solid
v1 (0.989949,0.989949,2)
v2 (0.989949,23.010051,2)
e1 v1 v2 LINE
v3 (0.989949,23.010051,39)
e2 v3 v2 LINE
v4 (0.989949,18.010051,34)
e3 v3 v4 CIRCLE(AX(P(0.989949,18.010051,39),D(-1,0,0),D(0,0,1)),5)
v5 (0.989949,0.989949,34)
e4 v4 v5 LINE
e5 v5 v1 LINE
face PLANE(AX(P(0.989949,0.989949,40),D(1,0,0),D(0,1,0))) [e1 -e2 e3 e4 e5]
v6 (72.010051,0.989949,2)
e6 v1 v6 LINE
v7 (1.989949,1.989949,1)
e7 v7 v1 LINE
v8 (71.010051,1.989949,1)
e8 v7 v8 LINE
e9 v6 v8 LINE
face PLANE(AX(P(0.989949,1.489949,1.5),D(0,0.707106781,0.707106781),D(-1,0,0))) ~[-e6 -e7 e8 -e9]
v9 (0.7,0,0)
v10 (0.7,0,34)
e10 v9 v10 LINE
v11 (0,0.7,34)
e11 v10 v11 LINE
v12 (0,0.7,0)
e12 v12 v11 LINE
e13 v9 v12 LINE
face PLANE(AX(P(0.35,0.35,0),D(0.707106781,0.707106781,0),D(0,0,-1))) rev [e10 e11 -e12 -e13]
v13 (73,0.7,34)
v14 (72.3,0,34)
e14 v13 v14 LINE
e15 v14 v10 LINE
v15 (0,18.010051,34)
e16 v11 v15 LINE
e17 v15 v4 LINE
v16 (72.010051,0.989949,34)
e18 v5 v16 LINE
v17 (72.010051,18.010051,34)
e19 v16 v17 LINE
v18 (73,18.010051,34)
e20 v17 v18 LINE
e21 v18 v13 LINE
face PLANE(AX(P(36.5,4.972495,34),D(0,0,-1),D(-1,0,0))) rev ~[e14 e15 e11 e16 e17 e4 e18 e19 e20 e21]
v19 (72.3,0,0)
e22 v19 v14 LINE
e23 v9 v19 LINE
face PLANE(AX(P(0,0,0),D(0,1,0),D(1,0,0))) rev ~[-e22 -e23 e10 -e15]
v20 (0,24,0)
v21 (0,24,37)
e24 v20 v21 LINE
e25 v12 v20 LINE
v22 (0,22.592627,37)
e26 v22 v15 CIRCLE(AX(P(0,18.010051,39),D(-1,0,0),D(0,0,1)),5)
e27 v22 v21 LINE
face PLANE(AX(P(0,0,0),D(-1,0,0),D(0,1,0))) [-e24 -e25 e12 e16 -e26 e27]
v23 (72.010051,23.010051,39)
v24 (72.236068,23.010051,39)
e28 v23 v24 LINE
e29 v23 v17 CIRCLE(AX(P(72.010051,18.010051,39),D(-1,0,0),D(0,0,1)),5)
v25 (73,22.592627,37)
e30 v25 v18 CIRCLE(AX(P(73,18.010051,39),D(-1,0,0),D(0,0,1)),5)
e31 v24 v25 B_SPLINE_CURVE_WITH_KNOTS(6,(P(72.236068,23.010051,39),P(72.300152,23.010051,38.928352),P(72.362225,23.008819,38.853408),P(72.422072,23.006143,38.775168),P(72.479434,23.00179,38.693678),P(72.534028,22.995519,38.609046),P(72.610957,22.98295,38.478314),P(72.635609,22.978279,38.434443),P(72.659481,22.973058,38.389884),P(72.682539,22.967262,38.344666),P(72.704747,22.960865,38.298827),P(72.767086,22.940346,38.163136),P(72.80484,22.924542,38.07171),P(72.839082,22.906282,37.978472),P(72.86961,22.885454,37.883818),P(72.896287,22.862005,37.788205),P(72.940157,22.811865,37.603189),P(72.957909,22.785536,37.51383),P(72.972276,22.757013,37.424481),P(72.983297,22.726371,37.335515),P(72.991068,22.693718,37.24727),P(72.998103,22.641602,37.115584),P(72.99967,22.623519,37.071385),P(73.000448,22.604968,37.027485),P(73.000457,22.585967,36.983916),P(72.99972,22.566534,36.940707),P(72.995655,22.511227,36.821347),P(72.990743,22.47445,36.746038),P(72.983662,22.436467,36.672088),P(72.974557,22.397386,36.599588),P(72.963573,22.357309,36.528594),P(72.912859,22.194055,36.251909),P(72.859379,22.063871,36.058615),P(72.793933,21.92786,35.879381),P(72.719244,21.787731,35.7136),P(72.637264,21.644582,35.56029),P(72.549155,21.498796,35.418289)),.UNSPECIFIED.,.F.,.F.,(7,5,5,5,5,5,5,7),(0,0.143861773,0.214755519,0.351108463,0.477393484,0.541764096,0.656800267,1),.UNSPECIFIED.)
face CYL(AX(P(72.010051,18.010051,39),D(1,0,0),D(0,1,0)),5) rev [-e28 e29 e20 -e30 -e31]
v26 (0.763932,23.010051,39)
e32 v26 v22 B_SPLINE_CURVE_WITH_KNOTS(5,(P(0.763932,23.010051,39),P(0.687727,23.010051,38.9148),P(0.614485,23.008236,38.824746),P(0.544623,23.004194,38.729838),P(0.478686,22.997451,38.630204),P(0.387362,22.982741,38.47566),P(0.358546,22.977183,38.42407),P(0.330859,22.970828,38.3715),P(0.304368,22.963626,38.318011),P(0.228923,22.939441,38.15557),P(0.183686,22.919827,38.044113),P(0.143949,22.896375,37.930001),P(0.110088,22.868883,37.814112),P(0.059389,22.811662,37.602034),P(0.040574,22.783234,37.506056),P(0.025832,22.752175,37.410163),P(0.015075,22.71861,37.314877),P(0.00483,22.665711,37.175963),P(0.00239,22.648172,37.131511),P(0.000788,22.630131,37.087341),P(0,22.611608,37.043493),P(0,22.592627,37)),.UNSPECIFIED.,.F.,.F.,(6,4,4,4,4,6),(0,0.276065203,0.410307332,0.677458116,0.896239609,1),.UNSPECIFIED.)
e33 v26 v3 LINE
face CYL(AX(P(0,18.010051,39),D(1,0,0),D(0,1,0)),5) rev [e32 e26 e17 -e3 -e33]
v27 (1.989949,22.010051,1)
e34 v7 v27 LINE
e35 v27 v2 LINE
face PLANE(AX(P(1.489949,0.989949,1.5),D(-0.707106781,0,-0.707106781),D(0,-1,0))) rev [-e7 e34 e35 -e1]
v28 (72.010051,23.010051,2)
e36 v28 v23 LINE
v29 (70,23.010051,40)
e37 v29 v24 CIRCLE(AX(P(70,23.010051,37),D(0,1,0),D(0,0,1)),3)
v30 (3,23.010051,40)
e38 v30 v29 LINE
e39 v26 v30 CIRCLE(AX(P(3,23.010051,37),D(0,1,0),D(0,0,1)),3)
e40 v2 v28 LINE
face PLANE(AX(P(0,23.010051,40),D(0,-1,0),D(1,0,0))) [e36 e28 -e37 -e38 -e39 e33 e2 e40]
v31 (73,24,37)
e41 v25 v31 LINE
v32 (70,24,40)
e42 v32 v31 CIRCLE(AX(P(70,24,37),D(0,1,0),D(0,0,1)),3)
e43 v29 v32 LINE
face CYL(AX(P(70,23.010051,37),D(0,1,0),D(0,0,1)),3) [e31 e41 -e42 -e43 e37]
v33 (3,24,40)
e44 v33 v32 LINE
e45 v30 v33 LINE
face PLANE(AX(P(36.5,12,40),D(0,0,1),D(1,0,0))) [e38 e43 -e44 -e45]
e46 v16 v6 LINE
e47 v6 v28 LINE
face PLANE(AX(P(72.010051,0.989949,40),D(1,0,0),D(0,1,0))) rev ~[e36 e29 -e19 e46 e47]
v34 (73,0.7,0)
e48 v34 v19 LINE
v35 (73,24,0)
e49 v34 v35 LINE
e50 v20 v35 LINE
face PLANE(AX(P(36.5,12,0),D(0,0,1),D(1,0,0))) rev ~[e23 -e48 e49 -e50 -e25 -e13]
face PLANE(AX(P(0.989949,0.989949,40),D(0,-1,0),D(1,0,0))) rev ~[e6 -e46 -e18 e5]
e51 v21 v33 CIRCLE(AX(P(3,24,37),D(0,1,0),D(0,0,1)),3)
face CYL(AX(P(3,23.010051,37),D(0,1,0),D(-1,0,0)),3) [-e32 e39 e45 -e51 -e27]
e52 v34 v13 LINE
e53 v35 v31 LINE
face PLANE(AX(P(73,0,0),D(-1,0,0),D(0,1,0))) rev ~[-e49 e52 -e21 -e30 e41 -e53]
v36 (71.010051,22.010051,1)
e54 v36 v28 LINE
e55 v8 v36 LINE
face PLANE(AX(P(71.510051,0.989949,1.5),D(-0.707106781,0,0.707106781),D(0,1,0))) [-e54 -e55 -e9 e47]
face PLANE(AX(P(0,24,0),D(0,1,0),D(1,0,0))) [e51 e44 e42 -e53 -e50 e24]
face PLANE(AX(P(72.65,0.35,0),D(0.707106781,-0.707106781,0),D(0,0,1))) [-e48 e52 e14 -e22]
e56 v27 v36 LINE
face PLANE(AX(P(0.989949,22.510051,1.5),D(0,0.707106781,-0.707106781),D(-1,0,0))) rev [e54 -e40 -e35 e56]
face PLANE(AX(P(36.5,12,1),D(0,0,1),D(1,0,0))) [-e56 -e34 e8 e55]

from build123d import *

# Parameters (mm, degrees)
SKETCH_W        = 73
SKETCH_H        = 24
PAD_DEPTH       = 40
SKETCH001_W     = 71.020102
SKETCH001_H     = 22.020102
POCKET_DEPTH    = 39
POCKET001_DEPTH = 6
CHAMFER_SIZE    = 1
FILLET_R        = 3
FILLET001_R     = 5
CHAMFER001_SIZE = 0.7


with BuildPart() as part:
    # Sketch → Pad (new body)
    with BuildSketch(Plane.XY):
        with Locations((36.5, 12)):
            Rectangle(SKETCH_W, SKETCH_H)
    extrude(amount=PAD_DEPTH)

    # Sketch001 (on Face6 of Pad) → Pocket (cut)
    with BuildSketch(Plane.XY.offset(40)):
        with Locations((36.5, 12)):
            Rectangle(SKETCH001_W, SKETCH001_H)
    extrude(amount=-POCKET_DEPTH, mode=Mode.SUBTRACT)

    # Sketch002 (on Face5 of Pocket) → Pocket001 (cut)
    with BuildSketch(Plane.XY.offset(40)):
        Polygon((0, 23.010051), (0.989949, 23.010051), (0.989949, 0.989949), (72.010051, 0.989949), (72.010051, 23.010051), (73, 23.010051), (73, 0), (0, 0), align=None)
    extrude(amount=-POCKET001_DEPTH, mode=Mode.SUBTRACT)

    # Chamfer
    chamfer_edges = [part.edges().sort_by_distance(p)[0] for p in [
        (36.5, 23.010051, 1),
        (72.010051, 12, 1),
        (36.5, 0.989949, 1),
        (0.989949, 12, 1),
    ]]
    chamfer(chamfer_edges, length=CHAMFER_SIZE)

    # Fillet
    fillet_edges = [part.edges().sort_by_distance(p)[0] for p in [
        (0, 23.505025, 40),
        (73, 23.505025, 40),
    ]]
    fillet(fillet_edges, radius=FILLET_R)

    # Fillet001
    fillet001_edges = [part.edges().sort_by_distance(p)[0] for p in [
        (0.494975, 23.010051, 34),
        (72.505025, 23.010051, 34),
    ]]
    fillet(fillet001_edges, radius=FILLET001_R)

    # Chamfer001
    chamfer001_edges = [part.edges().sort_by_distance(p)[0] for p in [
        (0, 0, 17),
        (73, 0, 17),
    ]]
    chamfer(chamfer001_edges, length=CHAMFER001_SIZE)


solid = part.part
